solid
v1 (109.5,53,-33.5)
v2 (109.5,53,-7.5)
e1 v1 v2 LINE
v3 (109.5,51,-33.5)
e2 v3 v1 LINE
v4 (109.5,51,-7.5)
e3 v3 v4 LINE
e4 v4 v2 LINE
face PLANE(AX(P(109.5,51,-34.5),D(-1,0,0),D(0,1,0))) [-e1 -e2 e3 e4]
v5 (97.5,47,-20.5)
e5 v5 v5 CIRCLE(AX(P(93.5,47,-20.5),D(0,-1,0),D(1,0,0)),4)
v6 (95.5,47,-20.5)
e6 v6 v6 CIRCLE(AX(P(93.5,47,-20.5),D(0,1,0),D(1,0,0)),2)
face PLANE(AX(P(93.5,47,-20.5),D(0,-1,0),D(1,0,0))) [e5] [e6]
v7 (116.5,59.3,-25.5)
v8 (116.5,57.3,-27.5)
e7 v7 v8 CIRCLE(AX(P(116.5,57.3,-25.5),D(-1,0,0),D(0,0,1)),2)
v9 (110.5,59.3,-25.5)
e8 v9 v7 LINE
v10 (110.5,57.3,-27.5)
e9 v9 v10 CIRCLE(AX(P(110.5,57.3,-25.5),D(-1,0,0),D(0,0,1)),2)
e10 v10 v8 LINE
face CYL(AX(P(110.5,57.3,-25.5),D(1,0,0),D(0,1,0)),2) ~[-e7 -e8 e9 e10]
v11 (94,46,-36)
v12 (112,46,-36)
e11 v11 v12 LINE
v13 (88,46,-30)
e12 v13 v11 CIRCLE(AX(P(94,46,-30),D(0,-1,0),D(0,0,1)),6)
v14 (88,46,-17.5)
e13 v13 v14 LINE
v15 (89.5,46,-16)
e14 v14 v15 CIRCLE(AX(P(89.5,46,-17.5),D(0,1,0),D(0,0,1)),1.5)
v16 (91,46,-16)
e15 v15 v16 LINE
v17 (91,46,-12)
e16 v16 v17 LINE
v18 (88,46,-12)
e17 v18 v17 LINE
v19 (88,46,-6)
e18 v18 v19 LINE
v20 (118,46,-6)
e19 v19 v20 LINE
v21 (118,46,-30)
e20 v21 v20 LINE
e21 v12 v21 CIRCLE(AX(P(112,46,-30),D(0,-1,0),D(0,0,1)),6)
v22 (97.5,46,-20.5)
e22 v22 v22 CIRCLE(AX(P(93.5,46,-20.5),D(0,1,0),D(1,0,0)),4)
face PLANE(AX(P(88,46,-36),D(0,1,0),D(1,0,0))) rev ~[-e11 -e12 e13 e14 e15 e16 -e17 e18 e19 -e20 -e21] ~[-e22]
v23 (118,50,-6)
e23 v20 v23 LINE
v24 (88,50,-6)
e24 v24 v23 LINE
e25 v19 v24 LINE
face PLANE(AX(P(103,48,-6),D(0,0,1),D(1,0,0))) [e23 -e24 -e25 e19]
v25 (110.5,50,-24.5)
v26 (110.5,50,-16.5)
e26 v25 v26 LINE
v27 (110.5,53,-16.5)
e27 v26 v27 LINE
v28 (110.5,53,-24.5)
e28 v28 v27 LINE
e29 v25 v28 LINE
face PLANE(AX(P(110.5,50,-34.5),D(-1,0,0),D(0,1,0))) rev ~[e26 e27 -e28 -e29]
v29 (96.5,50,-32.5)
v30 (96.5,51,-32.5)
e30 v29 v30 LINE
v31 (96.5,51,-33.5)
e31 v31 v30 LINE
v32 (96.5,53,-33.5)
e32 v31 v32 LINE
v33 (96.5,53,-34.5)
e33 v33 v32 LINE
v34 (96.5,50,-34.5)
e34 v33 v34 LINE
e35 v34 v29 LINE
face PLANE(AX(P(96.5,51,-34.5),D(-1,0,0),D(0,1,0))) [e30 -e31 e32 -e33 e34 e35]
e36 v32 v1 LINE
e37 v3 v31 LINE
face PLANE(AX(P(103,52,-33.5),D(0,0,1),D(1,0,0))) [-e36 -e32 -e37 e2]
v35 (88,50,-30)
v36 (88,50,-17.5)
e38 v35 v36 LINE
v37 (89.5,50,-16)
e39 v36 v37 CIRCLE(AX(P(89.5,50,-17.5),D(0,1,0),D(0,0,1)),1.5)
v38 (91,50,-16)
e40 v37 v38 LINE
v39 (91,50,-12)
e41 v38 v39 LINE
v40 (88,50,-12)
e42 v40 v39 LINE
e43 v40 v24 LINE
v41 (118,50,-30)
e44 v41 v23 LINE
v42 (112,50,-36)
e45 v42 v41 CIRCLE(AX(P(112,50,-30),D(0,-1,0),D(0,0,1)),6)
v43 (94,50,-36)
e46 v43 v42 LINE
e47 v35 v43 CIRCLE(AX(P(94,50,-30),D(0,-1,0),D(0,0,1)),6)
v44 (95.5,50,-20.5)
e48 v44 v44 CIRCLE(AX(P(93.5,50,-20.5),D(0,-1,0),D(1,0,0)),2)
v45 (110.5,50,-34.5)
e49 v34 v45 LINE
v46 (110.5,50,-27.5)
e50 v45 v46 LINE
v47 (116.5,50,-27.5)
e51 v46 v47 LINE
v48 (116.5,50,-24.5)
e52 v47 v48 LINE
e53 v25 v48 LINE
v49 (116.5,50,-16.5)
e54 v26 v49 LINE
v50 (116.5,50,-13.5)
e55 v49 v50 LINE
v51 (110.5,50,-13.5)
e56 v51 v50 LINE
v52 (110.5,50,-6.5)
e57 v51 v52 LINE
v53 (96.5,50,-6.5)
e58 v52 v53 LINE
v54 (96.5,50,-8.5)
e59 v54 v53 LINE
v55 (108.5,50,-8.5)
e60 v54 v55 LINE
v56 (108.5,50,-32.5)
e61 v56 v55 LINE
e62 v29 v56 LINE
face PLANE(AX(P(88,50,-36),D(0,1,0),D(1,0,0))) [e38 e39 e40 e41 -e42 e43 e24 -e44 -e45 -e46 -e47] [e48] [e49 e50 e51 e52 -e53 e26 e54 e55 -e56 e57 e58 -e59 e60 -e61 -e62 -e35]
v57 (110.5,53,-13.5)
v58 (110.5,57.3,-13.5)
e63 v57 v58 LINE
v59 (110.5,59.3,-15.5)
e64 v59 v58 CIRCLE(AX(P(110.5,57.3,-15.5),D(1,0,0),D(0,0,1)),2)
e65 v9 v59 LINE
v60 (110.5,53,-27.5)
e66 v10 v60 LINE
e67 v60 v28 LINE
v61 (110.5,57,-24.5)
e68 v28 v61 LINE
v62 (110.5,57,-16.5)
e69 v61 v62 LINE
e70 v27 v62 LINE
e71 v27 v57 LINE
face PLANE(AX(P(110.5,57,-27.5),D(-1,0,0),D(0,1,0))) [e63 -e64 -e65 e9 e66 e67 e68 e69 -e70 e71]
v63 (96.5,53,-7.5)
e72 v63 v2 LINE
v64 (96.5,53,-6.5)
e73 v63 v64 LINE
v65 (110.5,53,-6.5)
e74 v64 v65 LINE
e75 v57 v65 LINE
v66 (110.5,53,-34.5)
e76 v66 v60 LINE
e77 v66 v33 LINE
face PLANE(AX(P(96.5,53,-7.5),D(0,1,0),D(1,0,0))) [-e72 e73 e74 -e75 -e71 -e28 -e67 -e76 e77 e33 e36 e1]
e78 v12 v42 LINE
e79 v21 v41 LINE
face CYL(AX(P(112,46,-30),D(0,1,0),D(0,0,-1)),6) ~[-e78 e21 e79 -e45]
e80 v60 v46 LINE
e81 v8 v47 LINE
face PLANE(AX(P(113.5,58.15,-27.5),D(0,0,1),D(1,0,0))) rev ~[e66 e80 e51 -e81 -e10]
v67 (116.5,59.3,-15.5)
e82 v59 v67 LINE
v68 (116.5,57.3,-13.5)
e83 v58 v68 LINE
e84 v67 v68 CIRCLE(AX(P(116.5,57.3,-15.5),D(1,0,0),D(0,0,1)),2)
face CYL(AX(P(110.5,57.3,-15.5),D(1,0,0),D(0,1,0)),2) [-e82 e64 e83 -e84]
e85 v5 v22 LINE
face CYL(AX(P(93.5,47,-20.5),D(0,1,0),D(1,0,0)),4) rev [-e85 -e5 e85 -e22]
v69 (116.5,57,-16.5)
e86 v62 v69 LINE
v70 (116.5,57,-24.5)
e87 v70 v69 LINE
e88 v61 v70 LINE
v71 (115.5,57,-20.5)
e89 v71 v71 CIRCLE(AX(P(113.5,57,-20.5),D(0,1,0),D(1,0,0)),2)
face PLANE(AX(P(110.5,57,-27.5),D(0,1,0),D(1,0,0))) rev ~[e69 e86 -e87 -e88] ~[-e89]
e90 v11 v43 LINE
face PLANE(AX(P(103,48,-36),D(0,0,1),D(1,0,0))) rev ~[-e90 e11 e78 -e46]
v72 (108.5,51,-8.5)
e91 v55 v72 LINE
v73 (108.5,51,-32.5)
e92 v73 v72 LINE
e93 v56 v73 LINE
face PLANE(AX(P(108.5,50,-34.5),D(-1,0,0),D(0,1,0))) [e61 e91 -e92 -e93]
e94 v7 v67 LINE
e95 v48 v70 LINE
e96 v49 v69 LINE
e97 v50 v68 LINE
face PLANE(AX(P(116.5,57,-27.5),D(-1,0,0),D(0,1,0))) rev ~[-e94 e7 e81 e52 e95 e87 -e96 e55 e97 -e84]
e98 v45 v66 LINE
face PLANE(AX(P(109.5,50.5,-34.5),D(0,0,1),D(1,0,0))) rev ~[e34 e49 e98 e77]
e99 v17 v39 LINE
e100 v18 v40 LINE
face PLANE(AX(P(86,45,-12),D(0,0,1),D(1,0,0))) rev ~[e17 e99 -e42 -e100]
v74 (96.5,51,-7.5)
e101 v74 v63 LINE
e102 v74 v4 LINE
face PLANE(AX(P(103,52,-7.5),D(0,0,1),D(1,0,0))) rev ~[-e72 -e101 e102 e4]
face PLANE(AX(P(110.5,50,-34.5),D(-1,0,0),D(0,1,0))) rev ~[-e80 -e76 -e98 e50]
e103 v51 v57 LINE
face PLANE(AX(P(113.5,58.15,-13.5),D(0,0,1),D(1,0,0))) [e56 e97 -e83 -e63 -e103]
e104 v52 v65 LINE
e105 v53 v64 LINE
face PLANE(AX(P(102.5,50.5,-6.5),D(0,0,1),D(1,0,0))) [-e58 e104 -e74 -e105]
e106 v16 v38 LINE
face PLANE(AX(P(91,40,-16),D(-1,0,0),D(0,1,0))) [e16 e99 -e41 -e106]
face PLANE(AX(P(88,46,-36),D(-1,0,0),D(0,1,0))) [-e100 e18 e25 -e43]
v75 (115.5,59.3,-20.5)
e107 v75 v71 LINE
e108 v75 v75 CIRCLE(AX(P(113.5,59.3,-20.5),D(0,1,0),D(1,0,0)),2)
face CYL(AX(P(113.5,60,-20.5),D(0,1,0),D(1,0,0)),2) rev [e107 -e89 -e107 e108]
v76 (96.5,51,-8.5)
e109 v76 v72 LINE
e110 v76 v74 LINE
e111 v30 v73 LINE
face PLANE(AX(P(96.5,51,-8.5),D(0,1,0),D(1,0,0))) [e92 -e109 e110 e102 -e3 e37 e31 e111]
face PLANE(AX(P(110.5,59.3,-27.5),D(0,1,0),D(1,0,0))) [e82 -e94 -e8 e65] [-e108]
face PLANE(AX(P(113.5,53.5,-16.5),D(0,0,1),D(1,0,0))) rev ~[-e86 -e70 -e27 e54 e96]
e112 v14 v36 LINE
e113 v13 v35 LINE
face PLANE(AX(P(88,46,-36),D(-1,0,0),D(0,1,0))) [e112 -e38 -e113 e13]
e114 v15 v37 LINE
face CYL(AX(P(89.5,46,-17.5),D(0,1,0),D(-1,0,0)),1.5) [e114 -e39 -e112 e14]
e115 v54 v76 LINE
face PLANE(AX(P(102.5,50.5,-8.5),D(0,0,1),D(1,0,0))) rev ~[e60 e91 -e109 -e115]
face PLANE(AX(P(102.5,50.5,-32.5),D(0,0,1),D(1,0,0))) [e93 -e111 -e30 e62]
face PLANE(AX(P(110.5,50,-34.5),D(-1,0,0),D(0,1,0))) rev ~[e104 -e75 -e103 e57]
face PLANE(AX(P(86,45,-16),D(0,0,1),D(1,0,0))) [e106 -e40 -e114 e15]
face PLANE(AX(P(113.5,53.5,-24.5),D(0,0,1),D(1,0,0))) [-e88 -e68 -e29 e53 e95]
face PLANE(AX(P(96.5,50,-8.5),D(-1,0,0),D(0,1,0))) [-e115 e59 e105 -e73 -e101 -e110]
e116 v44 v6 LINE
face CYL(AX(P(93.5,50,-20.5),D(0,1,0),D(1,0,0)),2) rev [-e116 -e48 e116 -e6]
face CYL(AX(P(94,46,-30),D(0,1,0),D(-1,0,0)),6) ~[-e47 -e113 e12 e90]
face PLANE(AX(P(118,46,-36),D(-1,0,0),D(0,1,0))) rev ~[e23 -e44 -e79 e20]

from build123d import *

# Parameters (mm, degrees)
BOX242_W          = 6
BOX242_H          = 7
BOX242_DEPTH      = 3
CYLINDER094_R     = 4
CYLINDER094_DEPTH = 5
CYLINDER095_R     = 2
CYLINDER095_DEPTH = 5
BOX229_W          = 10
BOX229_H          = 10
BOX229_DEPTH      = 4
BOX230_W          = 30
BOX230_H          = 4
BOX230_DEPTH      = 30
FILLET062_R       = 6
CYLINDER096_R     = 2
CYLINDER096_DEPTH = 5
BOX241_W          = 6
BOX241_H          = 2.3
BOX241_DEPTH      = 14
FILLET061_R       = 2
BOX235_W          = 13
BOX235_H          = 2
BOX235_DEPTH      = 1
BOX236_W          = 1
BOX236_H          = 2
BOX236_DEPTH      = 28
BOX237_W          = 2
BOX237_H          = 1
BOX237_DEPTH      = 28
BOX238_W          = 13
BOX238_H          = 2
BOX238_DEPTH      = 1
BOX239_W          = 12
BOX239_H          = 1
BOX239_DEPTH      = 2
BOX234_W          = 12
BOX234_H          = 1
BOX234_DEPTH      = 2
BOX240_W          = 6
BOX240_H          = 7
BOX240_DEPTH      = 3
FILLET063_R       = 1.5


with BuildPart() as cube230:
    # Box242 → Box242 (new body)
    with BuildSketch(Plane(origin=(110.5, 50, -16.5), x_dir=(1, 0, 0), z_dir=(0, 0, 1))):
        with Locations((3, 3.5)):
            Rectangle(BOX242_W, BOX242_H)
    extrude(amount=BOX242_DEPTH)


with BuildPart() as cylinder175:
    # Cylinder094 → Cylinder094 (new body)
    with BuildSketch(Plane(origin=(93.5, 47, -20.5), x_dir=(1, 0, 0), z_dir=(0, -1, 0))):
        Circle(CYLINDER094_R)
    extrude(amount=CYLINDER094_DEPTH)


with BuildPart() as cylinder176:
    # Cylinder095 → Cylinder095 (new body)
    with BuildSketch(Plane(origin=(93.5, 50, -20.5), x_dir=(1, 0, 0), z_dir=(0, -1, 0))):
        Circle(CYLINDER095_R)
    extrude(amount=CYLINDER095_DEPTH)


with BuildPart() as cube217:
    # Box229 → Box229 (new body)
    with BuildSketch(Plane(origin=(81, 40, -16), x_dir=(1, 0, 0), z_dir=(0, 0, 1))):
        with Locations((5, 5)):
            Rectangle(BOX229_W, BOX229_H)
    extrude(amount=BOX229_DEPTH)


with BuildPart() as fillet062:
    # Box230 → Box230 (new body)
    with BuildSketch(Plane(origin=(88, 46, -36), x_dir=(1, 0, 0), z_dir=(0, 0, 1))):
        with Locations((15, 2)):
            Rectangle(BOX230_W, BOX230_H)
    extrude(amount=BOX230_DEPTH)

    # Cut125: cut Cube217
    add(cube217.part, mode=Mode.SUBTRACT)

    # Cut127: cut Cylinder176
    add(cylinder176.part, mode=Mode.SUBTRACT)

    # Cut128: cut Cylinder175
    add(cylinder175.part, mode=Mode.SUBTRACT)

    # Fillet062
    fillet062_edges = [fillet062.edges().sort_by_distance(p)[0] for p in [
        (118, 48, -36),
        (88, 48, -36),
    ]]
    fillet(fillet062_edges, radius=FILLET062_R)


with BuildPart() as cylinder177:
    # Cylinder096 → Cylinder096 (new body)
    with BuildSketch(Plane(origin=(113.5, 60, -20.5), x_dir=(1, 0, 0), z_dir=(0, -1, 0))):
        Circle(CYLINDER096_R)
    extrude(amount=CYLINDER096_DEPTH)


with BuildPart() as fillet061:
    # Box241 → Box241 (new body)
    with BuildSketch(Plane(origin=(110.5, 57, -27.5), x_dir=(1, 0, 0), z_dir=(0, 0, 1))):
        with Locations((3, 1.15)):
            Rectangle(BOX241_W, BOX241_H)
    extrude(amount=BOX241_DEPTH)

    # Cut129: cut Cylinder177
    add(cylinder177.part, mode=Mode.SUBTRACT)

    # Fillet061
    fillet061_edges = [fillet061.edges().sort_by_distance(p)[0] for p in [
        (113.5, 59.3, -13.5),
        (113.5, 59.3, -27.5),
    ]]
    fillet(fillet061_edges, radius=FILLET061_R)


with BuildPart() as cube223:
    # Box235 → Box235 (new body)
    with BuildSketch(Plane(origin=(96.5, 51, -34.5), x_dir=(1, 0, 0), z_dir=(0, 0, 1))):
        with Locations((6.5, 1)):
            Rectangle(BOX235_W, BOX235_H)
    extrude(amount=BOX235_DEPTH)


with BuildPart() as cube224:
    # Box236 → Box236 (new body)
    with BuildSketch(Plane(origin=(109.5, 51, -34.5), x_dir=(1, 0, 0), z_dir=(0, 0, 1))):
        with Locations((0.5, 1)):
            Rectangle(BOX236_W, BOX236_H)
    extrude(amount=BOX236_DEPTH)


with BuildPart() as cube225:
    # Box237 → Box237 (new body)
    with BuildSketch(Plane(origin=(108.5, 50, -34.5), x_dir=(1, 0, 0), z_dir=(0, 0, 1))):
        with Locations((1, 0.5)):
            Rectangle(BOX237_W, BOX237_H)
    extrude(amount=BOX237_DEPTH)


with BuildPart() as cube226:
    # Box238 → Box238 (new body)
    with BuildSketch(Plane(origin=(96.5, 51, -7.5), x_dir=(1, 0, 0), z_dir=(0, 0, 1))):
        with Locations((6.5, 1)):
            Rectangle(BOX238_W, BOX238_H)
    extrude(amount=BOX238_DEPTH)


with BuildPart() as cube227:
    # Box239 → Box239 (new body)
    with BuildSketch(Plane(origin=(96.5, 50, -8.5), x_dir=(1, 0, 0), z_dir=(0, 0, 1))):
        with Locations((6, 0.5)):
            Rectangle(BOX239_W, BOX239_H)
    extrude(amount=BOX239_DEPTH)


with BuildPart() as fusion075:
    # Box234 → Box234 (new body)
    with BuildSketch(Plane(origin=(96.5, 50, -34.5), x_dir=(1, 0, 0), z_dir=(0, 0, 1))):
        with Locations((6, 0.5)):
            Rectangle(BOX234_W, BOX234_H)
    extrude(amount=BOX234_DEPTH)

    # Fusion075: union Cube223, Cube224, Cube225, Cube226, Cube227
    add(cube223.part)
    add(cube224.part)
    add(cube225.part)
    add(cube226.part)
    add(cube227.part)


with BuildPart() as fillet063:
    # Box240 → Box240 (new body)
    with BuildSketch(Plane(origin=(110.5, 50, -27.5), x_dir=(1, 0, 0), z_dir=(0, 0, 1))):
        with Locations((3, 3.5)):
            Rectangle(BOX240_W, BOX240_H)
    extrude(amount=BOX240_DEPTH)

    # Fusion076: union Cube230, Fillet062, Fillet061, Fusion075
    add(cube230.part)
    add(fillet062.part)
    add(fillet061.part)
    add(fusion075.part)

    # Fillet063
    fillet063_edges = [fillet063.edges().sort_by_distance(p)[0] for p in [
        (88, 48, -16),
    ]]
    fillet(fillet063_edges, radius=FILLET063_R)


solid = fillet063.part
